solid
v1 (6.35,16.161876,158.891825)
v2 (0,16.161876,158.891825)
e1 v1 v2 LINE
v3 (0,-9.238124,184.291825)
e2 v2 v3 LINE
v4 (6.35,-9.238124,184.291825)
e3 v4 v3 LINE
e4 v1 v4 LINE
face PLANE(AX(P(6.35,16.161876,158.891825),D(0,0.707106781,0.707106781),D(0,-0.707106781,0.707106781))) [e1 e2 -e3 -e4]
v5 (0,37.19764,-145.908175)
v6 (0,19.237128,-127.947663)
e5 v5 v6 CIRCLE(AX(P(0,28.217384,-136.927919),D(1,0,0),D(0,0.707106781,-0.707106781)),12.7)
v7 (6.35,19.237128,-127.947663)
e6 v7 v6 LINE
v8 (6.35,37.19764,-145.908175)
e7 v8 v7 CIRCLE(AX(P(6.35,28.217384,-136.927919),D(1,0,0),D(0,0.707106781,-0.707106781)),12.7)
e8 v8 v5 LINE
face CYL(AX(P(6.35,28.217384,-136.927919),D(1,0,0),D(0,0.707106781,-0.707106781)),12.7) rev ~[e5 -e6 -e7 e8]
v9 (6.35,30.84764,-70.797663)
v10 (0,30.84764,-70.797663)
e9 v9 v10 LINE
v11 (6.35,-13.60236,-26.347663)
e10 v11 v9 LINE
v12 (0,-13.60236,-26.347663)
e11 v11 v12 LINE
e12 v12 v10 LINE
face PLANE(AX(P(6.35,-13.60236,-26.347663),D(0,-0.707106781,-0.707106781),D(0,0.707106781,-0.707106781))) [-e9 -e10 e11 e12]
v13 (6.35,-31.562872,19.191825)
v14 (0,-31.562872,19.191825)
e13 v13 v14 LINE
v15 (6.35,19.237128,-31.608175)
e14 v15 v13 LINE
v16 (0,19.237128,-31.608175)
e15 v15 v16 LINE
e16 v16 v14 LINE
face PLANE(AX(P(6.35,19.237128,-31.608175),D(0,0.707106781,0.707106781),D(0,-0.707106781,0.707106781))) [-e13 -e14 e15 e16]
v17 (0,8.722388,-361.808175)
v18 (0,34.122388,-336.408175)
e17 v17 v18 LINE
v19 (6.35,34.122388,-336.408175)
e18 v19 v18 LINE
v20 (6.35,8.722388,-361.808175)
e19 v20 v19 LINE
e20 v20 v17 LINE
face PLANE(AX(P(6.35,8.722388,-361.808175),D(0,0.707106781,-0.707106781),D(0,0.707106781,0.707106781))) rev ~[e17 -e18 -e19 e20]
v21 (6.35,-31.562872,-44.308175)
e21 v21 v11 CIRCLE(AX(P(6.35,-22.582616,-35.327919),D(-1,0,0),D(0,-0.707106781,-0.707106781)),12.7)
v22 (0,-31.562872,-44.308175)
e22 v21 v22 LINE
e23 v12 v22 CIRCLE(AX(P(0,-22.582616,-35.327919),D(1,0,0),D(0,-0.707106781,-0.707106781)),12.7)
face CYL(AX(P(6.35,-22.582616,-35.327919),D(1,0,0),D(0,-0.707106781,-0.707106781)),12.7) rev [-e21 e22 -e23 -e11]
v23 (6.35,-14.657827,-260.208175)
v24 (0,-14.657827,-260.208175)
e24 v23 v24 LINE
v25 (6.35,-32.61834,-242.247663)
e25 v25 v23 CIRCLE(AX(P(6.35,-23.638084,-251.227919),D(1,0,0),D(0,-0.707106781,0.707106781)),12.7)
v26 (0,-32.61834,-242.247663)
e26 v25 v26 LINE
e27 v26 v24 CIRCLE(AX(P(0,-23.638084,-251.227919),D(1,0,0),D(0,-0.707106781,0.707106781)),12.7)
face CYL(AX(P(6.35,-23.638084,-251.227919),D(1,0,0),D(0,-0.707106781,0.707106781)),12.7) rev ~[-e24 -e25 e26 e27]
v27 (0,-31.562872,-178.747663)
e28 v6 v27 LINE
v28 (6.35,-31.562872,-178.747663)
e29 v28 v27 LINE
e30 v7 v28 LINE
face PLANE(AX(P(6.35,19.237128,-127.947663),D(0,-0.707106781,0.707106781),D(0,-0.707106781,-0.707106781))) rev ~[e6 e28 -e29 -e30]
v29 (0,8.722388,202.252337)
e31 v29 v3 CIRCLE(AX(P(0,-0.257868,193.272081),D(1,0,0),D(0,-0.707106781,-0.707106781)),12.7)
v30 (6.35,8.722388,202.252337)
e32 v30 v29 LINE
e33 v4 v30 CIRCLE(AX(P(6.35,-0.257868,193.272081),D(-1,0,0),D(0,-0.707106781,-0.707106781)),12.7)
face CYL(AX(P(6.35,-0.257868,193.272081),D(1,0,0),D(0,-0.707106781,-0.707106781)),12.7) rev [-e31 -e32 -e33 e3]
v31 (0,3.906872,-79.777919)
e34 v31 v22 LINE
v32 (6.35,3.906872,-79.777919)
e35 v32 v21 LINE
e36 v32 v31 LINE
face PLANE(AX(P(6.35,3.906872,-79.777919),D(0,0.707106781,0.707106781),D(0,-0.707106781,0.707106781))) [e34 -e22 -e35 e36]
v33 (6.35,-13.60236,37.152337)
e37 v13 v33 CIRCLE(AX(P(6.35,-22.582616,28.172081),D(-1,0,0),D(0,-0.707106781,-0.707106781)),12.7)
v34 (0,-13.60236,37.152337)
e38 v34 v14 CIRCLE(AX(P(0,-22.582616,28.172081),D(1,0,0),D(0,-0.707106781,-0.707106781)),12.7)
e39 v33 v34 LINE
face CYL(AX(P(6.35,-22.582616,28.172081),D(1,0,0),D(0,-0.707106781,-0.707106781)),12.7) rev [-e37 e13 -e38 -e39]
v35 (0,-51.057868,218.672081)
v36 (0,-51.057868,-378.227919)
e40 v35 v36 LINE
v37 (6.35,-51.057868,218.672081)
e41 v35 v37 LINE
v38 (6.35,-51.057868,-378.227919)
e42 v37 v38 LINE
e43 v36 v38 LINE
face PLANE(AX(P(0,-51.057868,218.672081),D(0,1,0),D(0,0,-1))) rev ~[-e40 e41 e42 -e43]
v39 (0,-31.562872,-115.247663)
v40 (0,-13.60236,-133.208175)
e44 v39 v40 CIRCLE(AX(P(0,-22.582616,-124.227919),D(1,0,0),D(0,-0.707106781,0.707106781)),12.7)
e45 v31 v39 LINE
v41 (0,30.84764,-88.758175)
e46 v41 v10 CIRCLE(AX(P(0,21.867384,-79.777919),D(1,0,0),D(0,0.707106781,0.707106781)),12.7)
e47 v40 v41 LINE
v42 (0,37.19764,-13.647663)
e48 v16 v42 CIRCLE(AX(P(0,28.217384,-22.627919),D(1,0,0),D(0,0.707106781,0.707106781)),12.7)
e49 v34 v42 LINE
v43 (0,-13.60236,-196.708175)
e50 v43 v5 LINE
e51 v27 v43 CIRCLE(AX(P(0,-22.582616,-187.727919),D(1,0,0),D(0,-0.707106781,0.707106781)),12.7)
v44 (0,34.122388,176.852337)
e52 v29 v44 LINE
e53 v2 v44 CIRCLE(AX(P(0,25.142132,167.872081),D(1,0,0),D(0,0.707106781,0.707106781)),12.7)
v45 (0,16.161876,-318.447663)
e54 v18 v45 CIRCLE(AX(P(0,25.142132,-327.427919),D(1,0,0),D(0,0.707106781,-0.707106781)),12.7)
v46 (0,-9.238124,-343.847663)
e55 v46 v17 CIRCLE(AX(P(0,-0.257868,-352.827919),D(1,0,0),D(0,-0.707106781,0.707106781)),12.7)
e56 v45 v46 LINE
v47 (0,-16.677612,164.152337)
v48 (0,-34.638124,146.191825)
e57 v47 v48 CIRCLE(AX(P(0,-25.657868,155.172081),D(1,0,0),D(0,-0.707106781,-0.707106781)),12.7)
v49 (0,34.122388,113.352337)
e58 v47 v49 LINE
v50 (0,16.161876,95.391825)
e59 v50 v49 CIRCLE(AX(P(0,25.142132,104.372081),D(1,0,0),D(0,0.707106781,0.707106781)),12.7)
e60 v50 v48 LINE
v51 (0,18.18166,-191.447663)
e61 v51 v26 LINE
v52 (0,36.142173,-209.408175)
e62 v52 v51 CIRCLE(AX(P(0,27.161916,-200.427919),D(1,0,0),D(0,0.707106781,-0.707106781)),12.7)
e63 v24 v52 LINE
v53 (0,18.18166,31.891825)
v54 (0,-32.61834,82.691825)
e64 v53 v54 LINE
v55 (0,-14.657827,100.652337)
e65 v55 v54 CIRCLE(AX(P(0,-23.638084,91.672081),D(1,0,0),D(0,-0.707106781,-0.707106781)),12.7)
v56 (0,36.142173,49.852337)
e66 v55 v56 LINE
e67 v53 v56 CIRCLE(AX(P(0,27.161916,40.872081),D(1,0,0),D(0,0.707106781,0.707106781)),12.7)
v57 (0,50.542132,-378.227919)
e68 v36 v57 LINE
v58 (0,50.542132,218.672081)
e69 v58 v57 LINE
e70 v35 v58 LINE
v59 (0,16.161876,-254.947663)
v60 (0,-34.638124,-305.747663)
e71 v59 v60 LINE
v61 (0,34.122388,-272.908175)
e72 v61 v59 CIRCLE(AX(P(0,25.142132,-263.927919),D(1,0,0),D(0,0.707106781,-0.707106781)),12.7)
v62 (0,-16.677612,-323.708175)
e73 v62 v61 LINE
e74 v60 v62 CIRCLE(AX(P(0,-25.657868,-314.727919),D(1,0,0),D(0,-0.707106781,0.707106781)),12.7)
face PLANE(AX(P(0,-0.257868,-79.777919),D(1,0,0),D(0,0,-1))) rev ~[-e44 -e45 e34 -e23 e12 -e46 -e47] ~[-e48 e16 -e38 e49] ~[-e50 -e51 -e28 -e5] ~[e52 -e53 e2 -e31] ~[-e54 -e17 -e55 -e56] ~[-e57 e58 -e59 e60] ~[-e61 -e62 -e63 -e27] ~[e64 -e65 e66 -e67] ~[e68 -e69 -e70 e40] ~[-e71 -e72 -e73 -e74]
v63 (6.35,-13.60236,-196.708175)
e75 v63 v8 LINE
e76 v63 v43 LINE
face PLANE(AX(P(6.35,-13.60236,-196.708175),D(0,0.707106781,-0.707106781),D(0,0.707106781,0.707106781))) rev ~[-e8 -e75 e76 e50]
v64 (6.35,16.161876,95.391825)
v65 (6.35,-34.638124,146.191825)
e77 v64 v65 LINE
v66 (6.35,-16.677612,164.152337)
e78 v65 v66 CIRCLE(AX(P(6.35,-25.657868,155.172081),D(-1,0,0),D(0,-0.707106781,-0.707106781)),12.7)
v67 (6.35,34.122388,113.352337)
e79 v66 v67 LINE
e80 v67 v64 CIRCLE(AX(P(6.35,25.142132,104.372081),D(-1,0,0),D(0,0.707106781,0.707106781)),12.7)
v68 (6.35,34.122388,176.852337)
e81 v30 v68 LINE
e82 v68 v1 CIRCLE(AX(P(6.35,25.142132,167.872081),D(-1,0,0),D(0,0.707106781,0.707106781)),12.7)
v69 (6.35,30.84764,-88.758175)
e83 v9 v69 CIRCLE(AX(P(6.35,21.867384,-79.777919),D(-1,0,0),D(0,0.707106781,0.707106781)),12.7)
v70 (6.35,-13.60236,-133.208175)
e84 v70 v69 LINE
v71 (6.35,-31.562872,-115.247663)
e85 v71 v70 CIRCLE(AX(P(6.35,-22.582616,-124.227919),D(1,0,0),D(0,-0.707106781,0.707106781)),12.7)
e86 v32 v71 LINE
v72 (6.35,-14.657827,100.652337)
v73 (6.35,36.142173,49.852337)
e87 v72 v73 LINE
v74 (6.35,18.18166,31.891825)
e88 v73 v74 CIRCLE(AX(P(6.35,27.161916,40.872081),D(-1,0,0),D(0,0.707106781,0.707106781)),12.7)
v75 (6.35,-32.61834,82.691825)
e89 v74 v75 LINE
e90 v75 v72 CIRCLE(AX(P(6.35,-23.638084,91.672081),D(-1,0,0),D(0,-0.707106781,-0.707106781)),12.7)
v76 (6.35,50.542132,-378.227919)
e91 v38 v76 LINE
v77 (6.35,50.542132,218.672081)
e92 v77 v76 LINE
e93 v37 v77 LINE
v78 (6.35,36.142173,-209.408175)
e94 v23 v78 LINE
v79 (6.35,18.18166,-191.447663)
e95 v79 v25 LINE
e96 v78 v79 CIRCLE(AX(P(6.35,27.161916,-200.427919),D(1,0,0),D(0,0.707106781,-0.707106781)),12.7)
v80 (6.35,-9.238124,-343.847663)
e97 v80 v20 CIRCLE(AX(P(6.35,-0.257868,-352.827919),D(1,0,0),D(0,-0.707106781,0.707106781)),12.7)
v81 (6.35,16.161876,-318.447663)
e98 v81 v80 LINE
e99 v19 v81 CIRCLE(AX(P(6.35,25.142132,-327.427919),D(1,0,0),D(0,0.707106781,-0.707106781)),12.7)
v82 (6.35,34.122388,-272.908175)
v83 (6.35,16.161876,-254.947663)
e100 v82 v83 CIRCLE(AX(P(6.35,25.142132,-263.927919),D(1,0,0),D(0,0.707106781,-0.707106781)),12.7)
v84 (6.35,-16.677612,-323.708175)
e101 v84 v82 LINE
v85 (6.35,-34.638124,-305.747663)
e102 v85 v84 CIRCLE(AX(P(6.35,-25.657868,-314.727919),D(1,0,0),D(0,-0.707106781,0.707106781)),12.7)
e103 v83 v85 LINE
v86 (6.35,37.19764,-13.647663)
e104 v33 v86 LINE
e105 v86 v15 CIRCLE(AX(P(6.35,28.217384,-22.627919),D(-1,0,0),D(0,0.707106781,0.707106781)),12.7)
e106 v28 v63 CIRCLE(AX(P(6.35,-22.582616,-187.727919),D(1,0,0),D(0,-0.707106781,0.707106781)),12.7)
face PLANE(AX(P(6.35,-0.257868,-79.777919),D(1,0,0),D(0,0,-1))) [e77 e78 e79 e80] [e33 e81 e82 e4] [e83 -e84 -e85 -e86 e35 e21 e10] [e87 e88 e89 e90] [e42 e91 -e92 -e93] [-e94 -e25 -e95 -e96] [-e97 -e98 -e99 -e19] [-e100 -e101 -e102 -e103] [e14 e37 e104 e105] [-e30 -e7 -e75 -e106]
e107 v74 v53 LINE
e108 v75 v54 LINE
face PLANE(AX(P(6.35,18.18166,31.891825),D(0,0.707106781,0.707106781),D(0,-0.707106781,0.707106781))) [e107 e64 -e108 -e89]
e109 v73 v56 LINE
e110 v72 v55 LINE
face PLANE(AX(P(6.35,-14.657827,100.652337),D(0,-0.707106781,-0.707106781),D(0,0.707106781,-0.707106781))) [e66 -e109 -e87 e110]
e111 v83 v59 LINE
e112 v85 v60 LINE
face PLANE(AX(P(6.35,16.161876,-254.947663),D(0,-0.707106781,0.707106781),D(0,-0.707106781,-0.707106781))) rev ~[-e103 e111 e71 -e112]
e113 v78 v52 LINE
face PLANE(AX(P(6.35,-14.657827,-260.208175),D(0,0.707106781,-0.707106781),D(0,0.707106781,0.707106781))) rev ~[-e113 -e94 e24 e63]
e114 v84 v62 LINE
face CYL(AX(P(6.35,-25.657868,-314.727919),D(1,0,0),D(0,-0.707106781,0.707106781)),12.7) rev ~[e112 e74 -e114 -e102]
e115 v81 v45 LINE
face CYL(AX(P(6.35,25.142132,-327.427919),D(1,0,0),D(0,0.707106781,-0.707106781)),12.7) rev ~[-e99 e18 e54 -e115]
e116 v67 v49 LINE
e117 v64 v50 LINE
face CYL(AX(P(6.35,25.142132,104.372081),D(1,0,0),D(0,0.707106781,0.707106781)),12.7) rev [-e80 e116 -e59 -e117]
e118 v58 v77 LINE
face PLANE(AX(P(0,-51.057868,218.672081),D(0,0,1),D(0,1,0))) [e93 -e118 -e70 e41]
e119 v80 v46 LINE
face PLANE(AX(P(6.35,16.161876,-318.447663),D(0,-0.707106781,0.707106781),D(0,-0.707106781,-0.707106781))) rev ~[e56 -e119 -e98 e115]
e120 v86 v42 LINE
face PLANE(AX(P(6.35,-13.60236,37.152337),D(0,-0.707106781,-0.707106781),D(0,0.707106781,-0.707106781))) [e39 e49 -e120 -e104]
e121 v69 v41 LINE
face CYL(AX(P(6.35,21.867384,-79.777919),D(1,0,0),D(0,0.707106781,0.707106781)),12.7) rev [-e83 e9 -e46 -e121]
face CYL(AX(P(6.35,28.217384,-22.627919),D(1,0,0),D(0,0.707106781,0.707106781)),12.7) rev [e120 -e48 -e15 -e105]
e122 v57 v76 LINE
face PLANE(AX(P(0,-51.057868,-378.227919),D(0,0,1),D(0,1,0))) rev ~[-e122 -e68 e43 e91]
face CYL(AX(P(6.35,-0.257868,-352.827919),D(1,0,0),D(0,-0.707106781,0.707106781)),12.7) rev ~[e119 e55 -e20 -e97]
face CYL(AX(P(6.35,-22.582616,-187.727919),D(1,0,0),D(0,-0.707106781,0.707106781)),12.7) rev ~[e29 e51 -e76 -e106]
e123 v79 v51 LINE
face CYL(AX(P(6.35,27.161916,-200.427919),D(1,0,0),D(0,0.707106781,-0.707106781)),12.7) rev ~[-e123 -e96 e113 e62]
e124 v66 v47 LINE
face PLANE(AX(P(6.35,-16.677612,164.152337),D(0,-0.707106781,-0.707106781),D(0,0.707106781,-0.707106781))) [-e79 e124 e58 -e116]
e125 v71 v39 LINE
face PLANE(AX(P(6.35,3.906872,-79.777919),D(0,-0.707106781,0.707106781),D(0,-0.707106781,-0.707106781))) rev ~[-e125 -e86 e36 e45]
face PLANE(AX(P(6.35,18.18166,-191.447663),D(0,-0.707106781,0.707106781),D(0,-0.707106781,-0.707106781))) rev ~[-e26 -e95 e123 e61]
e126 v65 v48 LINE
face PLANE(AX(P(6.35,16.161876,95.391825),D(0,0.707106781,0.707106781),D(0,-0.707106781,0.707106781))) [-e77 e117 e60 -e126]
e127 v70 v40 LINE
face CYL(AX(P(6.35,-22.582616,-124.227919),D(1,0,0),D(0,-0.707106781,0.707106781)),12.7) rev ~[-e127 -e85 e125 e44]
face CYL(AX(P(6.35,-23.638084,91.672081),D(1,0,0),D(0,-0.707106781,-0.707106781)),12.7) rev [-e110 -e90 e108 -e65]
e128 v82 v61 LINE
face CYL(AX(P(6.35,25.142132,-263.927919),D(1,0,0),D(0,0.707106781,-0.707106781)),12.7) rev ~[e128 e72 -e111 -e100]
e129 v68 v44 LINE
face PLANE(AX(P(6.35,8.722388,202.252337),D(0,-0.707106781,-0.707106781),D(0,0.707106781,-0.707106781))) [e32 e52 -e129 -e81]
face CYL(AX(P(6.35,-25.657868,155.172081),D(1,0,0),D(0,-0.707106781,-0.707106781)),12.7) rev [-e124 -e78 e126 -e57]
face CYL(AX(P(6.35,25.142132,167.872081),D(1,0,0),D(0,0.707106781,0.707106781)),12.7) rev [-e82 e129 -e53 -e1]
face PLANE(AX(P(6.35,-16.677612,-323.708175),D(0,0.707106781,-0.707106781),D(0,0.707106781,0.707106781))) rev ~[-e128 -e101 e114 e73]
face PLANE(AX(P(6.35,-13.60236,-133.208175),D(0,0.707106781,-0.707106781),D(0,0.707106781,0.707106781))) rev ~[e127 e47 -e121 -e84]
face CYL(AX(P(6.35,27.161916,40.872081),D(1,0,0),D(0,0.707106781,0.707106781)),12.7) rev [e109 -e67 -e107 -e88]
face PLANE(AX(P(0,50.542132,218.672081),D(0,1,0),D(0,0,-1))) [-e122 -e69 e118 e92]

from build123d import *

# Parameters (mm, degrees)
SKETCH1_W           = 596.9
SKETCH1_H           = 101.6
BOSS_EXTRUDE1_DEPTH = 6.35
CUT_EXTRUDE1_DEPTH  = 382.711392197


with BuildPart() as part:
    # Sketch1 → Boss-Extrude1 (new body)
    with BuildSketch(Plane(origin=(0, 0, 0), x_dir=(0, 0, -1), z_dir=(1, 0, 0))):
        with Locations((79.777918782, -0.25786802)):
            Rectangle(SKETCH1_W, SKETCH1_H)
    extrude(amount=BOSS_EXTRUDE1_DEPTH)

    # Sketch2 → Cut-Extrude1 (cut, through all)
    with BuildSketch(Plane(origin=(6.35, 0, 0), x_dir=(0, 0, -1), z_dir=(1, 0, 0))):
        with BuildLine():
            Line((-184.291825097, -9.238124141), (-158.891825097, 16.161875859))
            ThreePointArc((-158.891825097, 16.161875859), (-158.891825097, 34.122388101), (-176.852337339, 34.122388101))
            Line((-176.852337339, 34.122388101), (-202.252337339, 8.722388101))
            ThreePointArc((-202.252337339, 8.722388101), (-202.252337339, -9.238124141), (-184.291825097, -9.238124141))
        make_face()
        with BuildLine():
            Line((-146.191825097, -34.638124141), (-95.391825097, 16.161875859))
            ThreePointArc((-95.391825097, 16.161875859), (-95.391825097, 34.122388101), (-113.352337339, 34.122388101))
            Line((-113.352337339, 34.122388101), (-164.152337339, -16.677611899))
            ThreePointArc((-164.152337339, -16.677611899), (-164.152337339, -34.638124141), (-146.191825097, -34.638124141))
        make_face()
        with BuildLine():
            Line((-49.852337339, 36.142172524), (-100.652337339, -14.657827476))
            ThreePointArc((-100.652337339, -14.657827476), (-100.652337339, -32.618339718), (-82.691825097, -32.618339718))
            Line((-82.691825097, -32.618339718), (-31.891825097, 18.181660282))
            ThreePointArc((-31.891825097, 18.181660282), (-31.891825097, 36.142172524), (-49.852337339, 36.142172524))
        make_face()
        with BuildLine():
            Line((13.647662661, 37.197640065), (-37.152337339, -13.602359935))
            ThreePointArc((-37.152337339, -13.602359935), (-37.152337339, -31.562872177), (-19.191825097, -31.562872177))
            Line((-19.191825097, -31.562872177), (31.608174903, 19.237127823))
            ThreePointArc((31.608174903, 19.237127823), (31.608174903, 37.197640065), (13.647662661, 37.197640065))
        make_face()
        with BuildLine():
            Line((70.797662661, 30.847640065), (26.347662661, -13.602359935))
            ThreePointArc((26.347662661, -13.602359935), (26.347662661, -31.562872177), (44.308174903, -31.562872177))
            Line((44.308174903, -31.562872177), (79.777918782, 3.906871702))
            Line((79.777918782, 3.906871702), (115.247662661, -31.562872177))
            ThreePointArc((115.247662661, -31.562872177), (133.208174903, -31.562872177), (133.208174903, -13.602359935))
            Line((133.208174903, -13.602359935), (88.758174903, 30.847640065))
            ThreePointArc((88.758174903, 30.847640065), (79.777918782, 34.567383944), (70.797662661, 30.847640065))
        make_face()
        with BuildLine():
            ThreePointArc((178.747662661, -31.562872177), (196.708174903, -31.562872177), (196.708174903, -13.602359935))
            Line((196.708174903, -13.602359935), (145.908174903, 37.197640065))
            ThreePointArc((145.908174903, 37.197640065), (127.947662661, 37.197640065), (127.947662661, 19.237127823))
            Line((127.947662661, 19.237127823), (178.747662661, -31.562872177))
        make_face()
        with BuildLine():
            ThreePointArc((242.247662661, -32.618339718), (260.208174903, -32.618339718), (260.208174903, -14.657827476))
            Line((260.208174903, -14.657827476), (209.408174903, 36.142172524))
            ThreePointArc((209.408174903, 36.142172524), (191.447662661, 36.142172524), (191.447662661, 18.181660282))
            Line((191.447662661, 18.181660282), (242.247662661, -32.618339718))
        make_face()
        with BuildLine():
            ThreePointArc((272.908174903, 34.122388101), (254.947662661, 34.122388101), (254.947662661, 16.161875859))
            Line((254.947662661, 16.161875859), (305.747662661, -34.638124141))
            ThreePointArc((305.747662661, -34.638124141), (323.708174903, -34.638124141), (323.708174903, -16.677611899))
            Line((323.708174903, -16.677611899), (272.908174903, 34.122388101))
        make_face()
        with BuildLine():
            ThreePointArc((336.408174903, 34.122388101), (318.447662661, 34.122388101), (318.447662661, 16.161875859))
            Line((318.447662661, 16.161875859), (343.847662661, -9.238124141))
            ThreePointArc((343.847662661, -9.238124141), (361.808174903, -9.238124141), (361.808174903, 8.722388101))
            Line((361.808174903, 8.722388101), (336.408174903, 34.122388101))
        make_face()
    extrude(amount=-CUT_EXTRUDE1_DEPTH, mode=Mode.SUBTRACT)


solid = part.part
